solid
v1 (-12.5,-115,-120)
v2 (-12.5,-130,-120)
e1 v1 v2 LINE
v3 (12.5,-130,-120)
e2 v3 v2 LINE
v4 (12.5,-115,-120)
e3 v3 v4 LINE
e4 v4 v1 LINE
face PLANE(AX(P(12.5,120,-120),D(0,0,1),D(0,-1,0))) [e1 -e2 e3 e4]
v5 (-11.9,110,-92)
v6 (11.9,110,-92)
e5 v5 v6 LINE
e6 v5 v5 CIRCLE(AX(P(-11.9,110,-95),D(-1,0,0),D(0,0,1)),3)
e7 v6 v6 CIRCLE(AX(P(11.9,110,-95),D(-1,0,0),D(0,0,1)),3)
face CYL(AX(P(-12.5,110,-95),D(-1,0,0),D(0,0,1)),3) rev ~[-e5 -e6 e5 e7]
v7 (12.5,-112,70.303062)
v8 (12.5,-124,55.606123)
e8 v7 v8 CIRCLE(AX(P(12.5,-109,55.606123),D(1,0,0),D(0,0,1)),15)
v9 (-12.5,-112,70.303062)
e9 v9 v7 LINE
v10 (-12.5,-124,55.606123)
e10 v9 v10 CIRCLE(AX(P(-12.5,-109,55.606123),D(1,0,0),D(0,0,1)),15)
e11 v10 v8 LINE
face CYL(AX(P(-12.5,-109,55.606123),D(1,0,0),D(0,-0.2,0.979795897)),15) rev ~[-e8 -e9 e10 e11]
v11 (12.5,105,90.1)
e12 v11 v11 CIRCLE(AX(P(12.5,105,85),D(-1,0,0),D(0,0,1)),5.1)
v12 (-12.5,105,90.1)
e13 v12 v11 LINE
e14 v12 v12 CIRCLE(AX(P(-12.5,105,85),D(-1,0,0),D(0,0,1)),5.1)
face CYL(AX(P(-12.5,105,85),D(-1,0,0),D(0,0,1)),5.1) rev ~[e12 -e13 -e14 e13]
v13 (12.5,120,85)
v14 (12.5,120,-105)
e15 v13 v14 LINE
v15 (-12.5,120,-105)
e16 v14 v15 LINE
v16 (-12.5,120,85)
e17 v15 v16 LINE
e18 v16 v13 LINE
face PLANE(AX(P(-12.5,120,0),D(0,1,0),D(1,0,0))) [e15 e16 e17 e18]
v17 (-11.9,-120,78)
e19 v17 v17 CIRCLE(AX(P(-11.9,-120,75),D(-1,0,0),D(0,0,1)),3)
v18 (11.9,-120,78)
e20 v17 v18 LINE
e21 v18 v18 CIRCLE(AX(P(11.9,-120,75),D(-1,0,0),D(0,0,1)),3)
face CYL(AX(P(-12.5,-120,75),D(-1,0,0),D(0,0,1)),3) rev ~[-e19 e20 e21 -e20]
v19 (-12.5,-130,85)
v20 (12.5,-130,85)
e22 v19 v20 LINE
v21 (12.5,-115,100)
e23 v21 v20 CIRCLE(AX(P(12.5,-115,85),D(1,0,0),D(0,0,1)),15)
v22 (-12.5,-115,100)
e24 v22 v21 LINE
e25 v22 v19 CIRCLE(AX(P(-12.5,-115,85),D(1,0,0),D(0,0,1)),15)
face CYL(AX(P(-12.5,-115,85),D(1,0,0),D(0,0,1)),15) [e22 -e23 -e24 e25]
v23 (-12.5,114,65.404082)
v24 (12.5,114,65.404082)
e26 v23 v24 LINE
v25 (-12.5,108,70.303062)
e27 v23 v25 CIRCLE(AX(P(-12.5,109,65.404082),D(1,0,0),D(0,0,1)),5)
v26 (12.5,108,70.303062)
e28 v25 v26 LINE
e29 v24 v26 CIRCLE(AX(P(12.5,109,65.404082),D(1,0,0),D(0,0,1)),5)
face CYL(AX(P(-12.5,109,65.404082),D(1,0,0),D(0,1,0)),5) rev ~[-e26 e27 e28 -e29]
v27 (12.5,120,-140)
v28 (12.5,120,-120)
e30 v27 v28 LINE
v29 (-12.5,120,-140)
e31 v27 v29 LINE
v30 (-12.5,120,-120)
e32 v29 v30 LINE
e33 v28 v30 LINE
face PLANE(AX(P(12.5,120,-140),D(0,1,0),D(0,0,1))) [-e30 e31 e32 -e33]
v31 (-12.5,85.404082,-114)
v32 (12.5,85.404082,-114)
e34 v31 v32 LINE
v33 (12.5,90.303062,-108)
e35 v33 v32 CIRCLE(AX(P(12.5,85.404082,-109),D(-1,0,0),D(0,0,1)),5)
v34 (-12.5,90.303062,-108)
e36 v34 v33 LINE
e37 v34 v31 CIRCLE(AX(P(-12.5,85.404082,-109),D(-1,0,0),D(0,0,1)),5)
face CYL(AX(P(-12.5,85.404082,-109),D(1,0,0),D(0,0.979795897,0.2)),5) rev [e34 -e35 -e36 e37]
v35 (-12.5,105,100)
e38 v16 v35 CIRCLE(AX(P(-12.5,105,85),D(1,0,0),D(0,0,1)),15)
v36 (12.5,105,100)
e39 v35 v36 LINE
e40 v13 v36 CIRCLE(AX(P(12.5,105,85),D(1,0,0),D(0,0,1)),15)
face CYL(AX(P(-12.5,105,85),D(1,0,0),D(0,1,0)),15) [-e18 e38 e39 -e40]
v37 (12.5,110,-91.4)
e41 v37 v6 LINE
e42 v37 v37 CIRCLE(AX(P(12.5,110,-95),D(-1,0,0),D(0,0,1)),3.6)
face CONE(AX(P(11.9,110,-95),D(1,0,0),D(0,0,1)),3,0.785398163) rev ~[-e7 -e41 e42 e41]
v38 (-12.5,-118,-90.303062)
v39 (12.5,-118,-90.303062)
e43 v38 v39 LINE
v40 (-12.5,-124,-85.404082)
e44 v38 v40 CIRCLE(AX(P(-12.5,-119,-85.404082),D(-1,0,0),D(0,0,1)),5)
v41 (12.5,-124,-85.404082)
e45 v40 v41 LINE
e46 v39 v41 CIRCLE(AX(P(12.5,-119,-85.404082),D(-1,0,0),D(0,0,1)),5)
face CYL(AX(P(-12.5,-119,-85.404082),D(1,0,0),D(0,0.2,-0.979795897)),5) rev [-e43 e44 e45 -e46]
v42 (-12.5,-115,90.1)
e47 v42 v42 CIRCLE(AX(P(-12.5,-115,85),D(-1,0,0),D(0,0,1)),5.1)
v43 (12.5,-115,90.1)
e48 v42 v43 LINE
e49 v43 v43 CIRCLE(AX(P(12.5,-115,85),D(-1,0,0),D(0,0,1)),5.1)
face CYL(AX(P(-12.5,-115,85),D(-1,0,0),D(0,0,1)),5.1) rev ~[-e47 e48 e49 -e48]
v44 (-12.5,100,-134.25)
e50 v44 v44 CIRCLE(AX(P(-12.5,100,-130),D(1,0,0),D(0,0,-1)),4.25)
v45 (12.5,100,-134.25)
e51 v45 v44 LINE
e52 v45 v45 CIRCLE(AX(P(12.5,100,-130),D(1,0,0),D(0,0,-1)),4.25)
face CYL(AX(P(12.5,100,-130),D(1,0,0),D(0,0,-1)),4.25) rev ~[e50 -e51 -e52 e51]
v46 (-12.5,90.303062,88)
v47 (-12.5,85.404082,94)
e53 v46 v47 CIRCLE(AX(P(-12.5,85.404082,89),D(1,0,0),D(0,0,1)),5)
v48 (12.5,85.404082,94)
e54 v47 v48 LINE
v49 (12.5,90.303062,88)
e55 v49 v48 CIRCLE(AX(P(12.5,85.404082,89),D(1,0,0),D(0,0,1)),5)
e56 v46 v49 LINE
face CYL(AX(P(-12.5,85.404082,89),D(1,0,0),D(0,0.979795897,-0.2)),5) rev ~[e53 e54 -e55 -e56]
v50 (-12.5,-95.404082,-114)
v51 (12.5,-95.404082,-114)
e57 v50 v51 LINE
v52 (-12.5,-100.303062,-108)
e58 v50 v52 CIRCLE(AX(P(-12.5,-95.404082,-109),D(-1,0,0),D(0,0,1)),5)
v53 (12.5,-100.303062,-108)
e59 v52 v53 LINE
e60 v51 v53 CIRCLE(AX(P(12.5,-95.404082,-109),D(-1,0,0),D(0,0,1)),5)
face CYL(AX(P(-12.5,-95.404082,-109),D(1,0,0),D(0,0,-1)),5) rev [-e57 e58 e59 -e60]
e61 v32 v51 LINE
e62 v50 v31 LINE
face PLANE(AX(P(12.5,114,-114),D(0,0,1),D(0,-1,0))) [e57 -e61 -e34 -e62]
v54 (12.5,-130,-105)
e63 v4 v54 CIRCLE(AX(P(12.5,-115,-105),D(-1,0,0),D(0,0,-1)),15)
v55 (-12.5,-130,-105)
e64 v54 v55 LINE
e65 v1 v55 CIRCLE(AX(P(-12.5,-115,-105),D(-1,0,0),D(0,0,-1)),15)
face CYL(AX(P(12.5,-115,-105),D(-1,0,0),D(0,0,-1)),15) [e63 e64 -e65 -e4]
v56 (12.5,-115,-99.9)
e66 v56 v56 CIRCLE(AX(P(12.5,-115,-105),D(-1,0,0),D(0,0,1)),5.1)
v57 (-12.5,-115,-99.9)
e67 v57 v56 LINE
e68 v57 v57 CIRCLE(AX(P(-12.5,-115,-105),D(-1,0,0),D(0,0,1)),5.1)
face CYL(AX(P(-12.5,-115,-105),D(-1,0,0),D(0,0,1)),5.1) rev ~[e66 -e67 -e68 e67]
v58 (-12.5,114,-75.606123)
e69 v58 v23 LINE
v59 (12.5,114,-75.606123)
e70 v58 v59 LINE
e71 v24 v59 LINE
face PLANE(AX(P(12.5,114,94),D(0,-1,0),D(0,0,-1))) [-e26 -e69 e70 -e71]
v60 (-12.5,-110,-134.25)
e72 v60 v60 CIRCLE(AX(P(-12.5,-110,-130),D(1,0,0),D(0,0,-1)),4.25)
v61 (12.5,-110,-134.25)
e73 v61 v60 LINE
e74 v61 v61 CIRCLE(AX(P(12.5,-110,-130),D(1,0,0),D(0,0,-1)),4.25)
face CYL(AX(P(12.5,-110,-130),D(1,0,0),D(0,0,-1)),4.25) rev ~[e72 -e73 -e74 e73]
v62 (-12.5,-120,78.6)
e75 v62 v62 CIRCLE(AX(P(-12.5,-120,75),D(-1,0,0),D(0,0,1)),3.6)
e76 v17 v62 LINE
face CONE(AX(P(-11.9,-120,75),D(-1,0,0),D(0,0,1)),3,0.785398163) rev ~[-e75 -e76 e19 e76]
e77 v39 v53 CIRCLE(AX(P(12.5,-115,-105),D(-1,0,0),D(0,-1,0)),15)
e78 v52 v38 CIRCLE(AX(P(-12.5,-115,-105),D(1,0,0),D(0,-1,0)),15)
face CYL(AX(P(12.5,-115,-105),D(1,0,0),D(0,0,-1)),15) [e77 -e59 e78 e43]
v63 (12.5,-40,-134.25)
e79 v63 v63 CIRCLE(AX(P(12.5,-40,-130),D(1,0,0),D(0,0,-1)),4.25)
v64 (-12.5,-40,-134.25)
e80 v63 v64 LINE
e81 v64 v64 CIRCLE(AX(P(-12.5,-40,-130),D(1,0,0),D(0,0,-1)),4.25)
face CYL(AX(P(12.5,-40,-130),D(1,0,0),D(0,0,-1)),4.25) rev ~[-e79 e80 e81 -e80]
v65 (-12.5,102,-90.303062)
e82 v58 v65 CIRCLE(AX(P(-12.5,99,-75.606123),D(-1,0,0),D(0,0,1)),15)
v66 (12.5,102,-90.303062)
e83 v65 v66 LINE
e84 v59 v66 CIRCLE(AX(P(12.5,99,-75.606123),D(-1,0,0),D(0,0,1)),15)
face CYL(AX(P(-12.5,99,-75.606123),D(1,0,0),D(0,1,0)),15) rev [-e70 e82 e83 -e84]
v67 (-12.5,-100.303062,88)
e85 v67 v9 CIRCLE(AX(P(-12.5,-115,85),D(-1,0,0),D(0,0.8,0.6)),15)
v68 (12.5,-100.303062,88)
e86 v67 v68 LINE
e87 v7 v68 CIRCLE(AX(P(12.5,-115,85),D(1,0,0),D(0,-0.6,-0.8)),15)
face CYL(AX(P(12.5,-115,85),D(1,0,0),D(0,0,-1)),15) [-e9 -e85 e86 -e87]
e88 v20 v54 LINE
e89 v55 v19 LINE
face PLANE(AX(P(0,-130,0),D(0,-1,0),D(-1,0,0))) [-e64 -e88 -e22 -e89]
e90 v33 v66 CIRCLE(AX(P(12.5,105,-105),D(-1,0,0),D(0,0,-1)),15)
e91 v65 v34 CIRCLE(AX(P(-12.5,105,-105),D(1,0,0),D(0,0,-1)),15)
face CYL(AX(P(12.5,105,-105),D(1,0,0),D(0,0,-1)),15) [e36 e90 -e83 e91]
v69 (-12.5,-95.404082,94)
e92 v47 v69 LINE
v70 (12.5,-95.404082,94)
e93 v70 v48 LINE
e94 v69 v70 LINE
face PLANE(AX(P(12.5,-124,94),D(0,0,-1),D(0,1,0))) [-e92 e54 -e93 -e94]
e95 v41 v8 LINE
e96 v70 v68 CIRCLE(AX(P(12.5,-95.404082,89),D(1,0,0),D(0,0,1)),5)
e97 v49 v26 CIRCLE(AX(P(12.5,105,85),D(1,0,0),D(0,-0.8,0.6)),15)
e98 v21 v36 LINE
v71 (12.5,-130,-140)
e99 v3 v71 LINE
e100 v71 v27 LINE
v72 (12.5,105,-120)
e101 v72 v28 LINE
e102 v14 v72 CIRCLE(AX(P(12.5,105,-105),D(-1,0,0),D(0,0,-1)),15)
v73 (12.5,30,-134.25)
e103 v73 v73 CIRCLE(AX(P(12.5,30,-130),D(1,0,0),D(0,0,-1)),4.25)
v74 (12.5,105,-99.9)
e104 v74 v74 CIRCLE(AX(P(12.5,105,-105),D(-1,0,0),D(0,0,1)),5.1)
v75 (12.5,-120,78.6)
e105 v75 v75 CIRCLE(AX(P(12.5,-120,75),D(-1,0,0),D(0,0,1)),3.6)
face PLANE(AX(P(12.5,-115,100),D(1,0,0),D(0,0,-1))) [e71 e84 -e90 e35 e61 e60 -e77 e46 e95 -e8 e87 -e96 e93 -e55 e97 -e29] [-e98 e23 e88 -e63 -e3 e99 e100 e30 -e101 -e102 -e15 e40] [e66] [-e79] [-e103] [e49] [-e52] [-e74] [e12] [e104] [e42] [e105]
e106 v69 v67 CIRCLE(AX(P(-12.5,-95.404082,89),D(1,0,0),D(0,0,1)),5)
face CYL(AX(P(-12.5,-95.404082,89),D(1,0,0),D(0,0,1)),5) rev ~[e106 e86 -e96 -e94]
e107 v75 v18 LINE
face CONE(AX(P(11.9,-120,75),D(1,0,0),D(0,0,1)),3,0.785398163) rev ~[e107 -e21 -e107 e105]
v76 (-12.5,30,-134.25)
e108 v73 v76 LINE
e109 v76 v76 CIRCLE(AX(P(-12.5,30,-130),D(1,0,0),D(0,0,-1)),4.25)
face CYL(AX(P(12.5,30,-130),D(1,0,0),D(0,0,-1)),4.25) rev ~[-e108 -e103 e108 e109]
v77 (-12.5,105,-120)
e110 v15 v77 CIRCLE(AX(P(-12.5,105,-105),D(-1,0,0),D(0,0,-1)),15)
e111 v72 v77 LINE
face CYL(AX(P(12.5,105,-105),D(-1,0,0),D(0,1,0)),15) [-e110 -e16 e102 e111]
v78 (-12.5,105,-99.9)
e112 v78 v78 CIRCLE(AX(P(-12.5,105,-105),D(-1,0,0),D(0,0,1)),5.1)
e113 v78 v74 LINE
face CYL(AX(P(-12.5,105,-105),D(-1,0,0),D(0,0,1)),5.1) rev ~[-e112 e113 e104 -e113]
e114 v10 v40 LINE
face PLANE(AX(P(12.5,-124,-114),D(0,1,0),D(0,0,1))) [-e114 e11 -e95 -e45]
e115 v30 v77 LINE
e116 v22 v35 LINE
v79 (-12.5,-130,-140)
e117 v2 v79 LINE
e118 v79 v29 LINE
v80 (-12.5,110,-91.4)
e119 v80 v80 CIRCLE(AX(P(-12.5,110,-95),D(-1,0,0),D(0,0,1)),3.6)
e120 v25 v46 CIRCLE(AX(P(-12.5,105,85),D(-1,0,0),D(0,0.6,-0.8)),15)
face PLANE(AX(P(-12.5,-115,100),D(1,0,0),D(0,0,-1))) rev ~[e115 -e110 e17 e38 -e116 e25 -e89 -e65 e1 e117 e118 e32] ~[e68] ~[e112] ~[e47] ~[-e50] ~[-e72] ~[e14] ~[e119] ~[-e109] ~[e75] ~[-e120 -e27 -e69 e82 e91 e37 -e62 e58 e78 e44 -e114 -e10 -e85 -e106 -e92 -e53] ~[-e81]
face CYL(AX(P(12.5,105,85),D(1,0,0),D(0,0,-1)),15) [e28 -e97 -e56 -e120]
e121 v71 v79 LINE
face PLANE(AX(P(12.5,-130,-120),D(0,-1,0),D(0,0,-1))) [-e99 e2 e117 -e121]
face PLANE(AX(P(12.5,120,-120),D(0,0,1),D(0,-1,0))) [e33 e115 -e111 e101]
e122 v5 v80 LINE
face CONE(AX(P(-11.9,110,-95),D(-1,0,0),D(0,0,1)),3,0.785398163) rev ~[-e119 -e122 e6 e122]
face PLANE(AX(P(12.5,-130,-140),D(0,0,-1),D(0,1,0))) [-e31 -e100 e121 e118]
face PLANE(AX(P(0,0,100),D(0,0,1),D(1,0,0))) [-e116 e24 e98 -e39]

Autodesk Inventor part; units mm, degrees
ref_plane "YZ Plane" through (0, 0, 0) normal (1, 0, 0) x (0, 1, 0)
ref_plane "XZ Plane" through (0, 0, 0) normal (0, 1, 0) x (-1, 0, 0)
ref_plane "XY Plane" through (0, 0, 0) normal (0, 0, 1) x (1, 0, 0)
sketch "Эскиз1" plane through (0, 0, 0) normal (0, 0, 1) x (1, 0, 0)
  line L0 (-12.5, 120) -> (12.5, 120)
  line L1 (12.5, 120) -> (12.5, -130)
  line L2 (12.5, -130) -> (-12.5, -130)
  line L3 (-12.5, -130) -> (-12.5, 120)
  line L4 (-17.5, 0) -> (17.5, 0) projected
  line L5 (0, -180) -> (0, 170) projected
  point P0 (0, 0)
  dimension "d0" = 250
  dimension "d1" = 25
  dimension "d2" = 120
extrude "Выдавливание1" add sketch "Эскиз1" along normal blind 100 and the other way blind 120
sketch "Эскиз2" plane through (12.5, -130, 100) normal (1, 0, 0) x (0, 0, -1)
  line L0 (0, 250) -> (220, 250) projected
  line L1 (0, 0) -> (0, 250) projected
  line L2 (220, 250) -> (220, 0) projected
  line L3 (0, 0) -> (220, 0) projected
  line L4 (6, 244) -> (214, 244)
  line L5 (214, 244) -> (214, 6)
  line L6 (214, 6) -> (6, 6)
  line L7 (6, 6) -> (6, 244)
  point P0 (100, 130)
  dimension "d7" = 6
  dimension "d8" = 6
  dimension "d9" = 6
  dimension "d10" = 6
extrude "Выдавливание2" cut sketch "Эскиз2" against normal through all contours L4 L5 L6 L7
fillet "Сопряжение1" radius 15 4 edges at (0, 120, 100) (0, 120, -120) (0, -130, 100) (0, -130, -120)
sketch "Эскиз3" plane through (12.5, -115, -120) normal (1, 0, 0) x (0, 0, -1)
  arc A0 (-205, 235) -> (-220, 220) centre (-205, 220) ccw projected
  arc A1 (0, 220) -> (-15, 235) centre (-15, 220) ccw projected
  arc A2 (-15, -15) -> (0, 0) centre (-15, 0) ccw projected
  arc A3 (-220, 0) -> (-205, -15) centre (-205, 0) ccw projected
  arc A4 (-15, -15) -> (0, 0) centre (-15, 0) ccw projected
  circle A5 centre (-205, 0) radius 15
  circle A6 centre (-15, 0) radius 15
  circle A7 centre (-15, 220) radius 15
  circle A8 centre (-205, 220) radius 15
  point P0 (-120, 115)
  dimension "d15" = 30
extrude "Выдавливание3" add sketch "Эскиз3" against normal up to surface (25 mm away)
fillet "Сопряжение2" radius 5 6 edges at (0, 93, 94) (0, 93, -114) (0, -103, -114) (0, -103, 94) (0, 114, 73) (0, -124, -93)
sketch "Эскиз4" plane through (-12.5, -115, -120) normal (-1, 0, 0) x (0, 0, 1)
  line L0 (0, 0) -> (0, 220) projected
  arc A0 (0, 0) -> (15, -15) centre (15, 0) ccw projected
  line L1 (205, -15) -> (15, -15) projected
  arc A1 (205, -15) -> (220, 0) centre (205, 0) ccw projected
  line L2 (220, 220) -> (220, 0) projected
  arc A2 (220, 220) -> (205, 235) centre (205, 220) ccw projected
  line L3 (15, 235) -> (205, 235) projected
  arc A3 (15, 235) -> (0, 220) centre (15, 220) ccw projected
  line L4 (27, 229) -> (185.4041, 229) projected
  arc A4 (190.3031, 223) -> (208, 205.3031) centre (205, 220) ccw projected
  arc A5 (214, 200.4041) -> (208, 205.3031) centre (209, 200.4041) ccw projected
  line L5 (214, 200.4041) -> (214, 19.5959) projected
  arc A6 (208, 14.6969) -> (214, 19.5959) centre (209, 19.5959) ccw projected
  arc A7 (208, 14.6969) -> (193, -9) centre (205, 0) ccw projected
  line L6 (193, -9) -> (34.5959, -9) projected
  arc A8 (29.6969, -3) -> (12, 14.6969) centre (15, 0) ccw projected
  arc A9 (6, 19.5959) -> (12, 14.6969) centre (11, 19.5959) ccw projected
  line L7 (6, 19.5959) -> (6, 200.4041) projected
  arc A10 (12, 205.3031) -> (6, 200.4041) centre (11, 200.4041) ccw projected
  arc A11 (12, 205.3031) -> (27, 229) centre (15, 220) ccw projected
  circle A12 centre (15, 0) radius 5.1
  circle A13 centre (15, 220) radius 5.1
  arc A14 (220, 220) -> (205, 235) centre (205, 220) ccw projected
  circle A15 centre (205, 220) radius 5.1
  circle A16 centre (205, 0) radius 5.1
  arc A17 (190.3031, 223) -> (185.4041, 229) centre (185.4041, 224) ccw projected
  arc A18 (29.6969, -3) -> (34.5959, -9) centre (34.5959, -4) ccw projected
  point P0 (120, 115)
  dimension "d19" = 10.2
extrude "Выдавливание4" cut sketch "Эскиз4" against normal through all contours A12 | A13 | A15 | A16
fillet "Сопряжение4" radius 15 2 edges at (0, 114, -93) (0, -124, 73)
sketch "Эскиз6" plane through (-12.5, -115, -120) normal (-1, 0, 0) x (0, 0, 1)
  circle A0 centre (15, 220) radius 5.1 projected
  circle A1 centre (205, 0) radius 5.1 projected
  circle A2 centre (195, -5) radius 3
  circle A3 centre (25, 225) radius 3
  point P0 (120, 115)
  dimension "d35" = 6
  dimension "d37" = 10
  dimension "d38" = 5
  dimension "d39" = 230
  dimension "d40" = 170
extrude "Выдавливание6" cut sketch "Эскиз6" against normal through all contours A2 | A3
chamfer "Фаска2" distance 0.6 angle 45 4 edges at (-12.5, 110, -98) (-12.5, -120, 72) (12.5, -120, 72) (12.5, 110, -98)
sketch "Эскиз7" plane through (12.5, -115, 100) normal (1, 0, 0) x (0, 0, -1)
  line L0 (15, -15) -> (205, -15) projected
  line L1 (220, 220) -> (220, 0) projected
  line L2 (15, 235) -> (205, 235) projected
  line L3 (220, -15) -> (240, -15)
  line L4 (240, -15) -> (240, 235)
  line L5 (240, 235) -> (220, 235)
  line L6 (220, 235) -> (220, -15)
  line L7 (230, -15) -> (230, 235) construction
  circle A0 centre (230, 5) radius 4.25
  circle A1 centre (230, 75) radius 4.25
  circle A2 centre (230, 145) radius 4.25
  circle A3 centre (230, 215) radius 4.25
  point P0 (100, 115)
  dimension "d46" = 20
  dimension "d49" = 8.5
  dimension "d50" = 20
  dimension "d51" = 70
  dimension "d52" = 20
  dimension "d53" = 70
extrude "Выдавливание7" add sketch "Эскиз7" against normal up to surface (25 mm away) contours L6 L5 L4 L3 L1 | A0 | A1 | A2 | A3
extrude "Выдавливание8" cut sketch "Эскиз7" against normal through all contours A0 | A1 | A2 | A3
properties part number "Корпус03"
